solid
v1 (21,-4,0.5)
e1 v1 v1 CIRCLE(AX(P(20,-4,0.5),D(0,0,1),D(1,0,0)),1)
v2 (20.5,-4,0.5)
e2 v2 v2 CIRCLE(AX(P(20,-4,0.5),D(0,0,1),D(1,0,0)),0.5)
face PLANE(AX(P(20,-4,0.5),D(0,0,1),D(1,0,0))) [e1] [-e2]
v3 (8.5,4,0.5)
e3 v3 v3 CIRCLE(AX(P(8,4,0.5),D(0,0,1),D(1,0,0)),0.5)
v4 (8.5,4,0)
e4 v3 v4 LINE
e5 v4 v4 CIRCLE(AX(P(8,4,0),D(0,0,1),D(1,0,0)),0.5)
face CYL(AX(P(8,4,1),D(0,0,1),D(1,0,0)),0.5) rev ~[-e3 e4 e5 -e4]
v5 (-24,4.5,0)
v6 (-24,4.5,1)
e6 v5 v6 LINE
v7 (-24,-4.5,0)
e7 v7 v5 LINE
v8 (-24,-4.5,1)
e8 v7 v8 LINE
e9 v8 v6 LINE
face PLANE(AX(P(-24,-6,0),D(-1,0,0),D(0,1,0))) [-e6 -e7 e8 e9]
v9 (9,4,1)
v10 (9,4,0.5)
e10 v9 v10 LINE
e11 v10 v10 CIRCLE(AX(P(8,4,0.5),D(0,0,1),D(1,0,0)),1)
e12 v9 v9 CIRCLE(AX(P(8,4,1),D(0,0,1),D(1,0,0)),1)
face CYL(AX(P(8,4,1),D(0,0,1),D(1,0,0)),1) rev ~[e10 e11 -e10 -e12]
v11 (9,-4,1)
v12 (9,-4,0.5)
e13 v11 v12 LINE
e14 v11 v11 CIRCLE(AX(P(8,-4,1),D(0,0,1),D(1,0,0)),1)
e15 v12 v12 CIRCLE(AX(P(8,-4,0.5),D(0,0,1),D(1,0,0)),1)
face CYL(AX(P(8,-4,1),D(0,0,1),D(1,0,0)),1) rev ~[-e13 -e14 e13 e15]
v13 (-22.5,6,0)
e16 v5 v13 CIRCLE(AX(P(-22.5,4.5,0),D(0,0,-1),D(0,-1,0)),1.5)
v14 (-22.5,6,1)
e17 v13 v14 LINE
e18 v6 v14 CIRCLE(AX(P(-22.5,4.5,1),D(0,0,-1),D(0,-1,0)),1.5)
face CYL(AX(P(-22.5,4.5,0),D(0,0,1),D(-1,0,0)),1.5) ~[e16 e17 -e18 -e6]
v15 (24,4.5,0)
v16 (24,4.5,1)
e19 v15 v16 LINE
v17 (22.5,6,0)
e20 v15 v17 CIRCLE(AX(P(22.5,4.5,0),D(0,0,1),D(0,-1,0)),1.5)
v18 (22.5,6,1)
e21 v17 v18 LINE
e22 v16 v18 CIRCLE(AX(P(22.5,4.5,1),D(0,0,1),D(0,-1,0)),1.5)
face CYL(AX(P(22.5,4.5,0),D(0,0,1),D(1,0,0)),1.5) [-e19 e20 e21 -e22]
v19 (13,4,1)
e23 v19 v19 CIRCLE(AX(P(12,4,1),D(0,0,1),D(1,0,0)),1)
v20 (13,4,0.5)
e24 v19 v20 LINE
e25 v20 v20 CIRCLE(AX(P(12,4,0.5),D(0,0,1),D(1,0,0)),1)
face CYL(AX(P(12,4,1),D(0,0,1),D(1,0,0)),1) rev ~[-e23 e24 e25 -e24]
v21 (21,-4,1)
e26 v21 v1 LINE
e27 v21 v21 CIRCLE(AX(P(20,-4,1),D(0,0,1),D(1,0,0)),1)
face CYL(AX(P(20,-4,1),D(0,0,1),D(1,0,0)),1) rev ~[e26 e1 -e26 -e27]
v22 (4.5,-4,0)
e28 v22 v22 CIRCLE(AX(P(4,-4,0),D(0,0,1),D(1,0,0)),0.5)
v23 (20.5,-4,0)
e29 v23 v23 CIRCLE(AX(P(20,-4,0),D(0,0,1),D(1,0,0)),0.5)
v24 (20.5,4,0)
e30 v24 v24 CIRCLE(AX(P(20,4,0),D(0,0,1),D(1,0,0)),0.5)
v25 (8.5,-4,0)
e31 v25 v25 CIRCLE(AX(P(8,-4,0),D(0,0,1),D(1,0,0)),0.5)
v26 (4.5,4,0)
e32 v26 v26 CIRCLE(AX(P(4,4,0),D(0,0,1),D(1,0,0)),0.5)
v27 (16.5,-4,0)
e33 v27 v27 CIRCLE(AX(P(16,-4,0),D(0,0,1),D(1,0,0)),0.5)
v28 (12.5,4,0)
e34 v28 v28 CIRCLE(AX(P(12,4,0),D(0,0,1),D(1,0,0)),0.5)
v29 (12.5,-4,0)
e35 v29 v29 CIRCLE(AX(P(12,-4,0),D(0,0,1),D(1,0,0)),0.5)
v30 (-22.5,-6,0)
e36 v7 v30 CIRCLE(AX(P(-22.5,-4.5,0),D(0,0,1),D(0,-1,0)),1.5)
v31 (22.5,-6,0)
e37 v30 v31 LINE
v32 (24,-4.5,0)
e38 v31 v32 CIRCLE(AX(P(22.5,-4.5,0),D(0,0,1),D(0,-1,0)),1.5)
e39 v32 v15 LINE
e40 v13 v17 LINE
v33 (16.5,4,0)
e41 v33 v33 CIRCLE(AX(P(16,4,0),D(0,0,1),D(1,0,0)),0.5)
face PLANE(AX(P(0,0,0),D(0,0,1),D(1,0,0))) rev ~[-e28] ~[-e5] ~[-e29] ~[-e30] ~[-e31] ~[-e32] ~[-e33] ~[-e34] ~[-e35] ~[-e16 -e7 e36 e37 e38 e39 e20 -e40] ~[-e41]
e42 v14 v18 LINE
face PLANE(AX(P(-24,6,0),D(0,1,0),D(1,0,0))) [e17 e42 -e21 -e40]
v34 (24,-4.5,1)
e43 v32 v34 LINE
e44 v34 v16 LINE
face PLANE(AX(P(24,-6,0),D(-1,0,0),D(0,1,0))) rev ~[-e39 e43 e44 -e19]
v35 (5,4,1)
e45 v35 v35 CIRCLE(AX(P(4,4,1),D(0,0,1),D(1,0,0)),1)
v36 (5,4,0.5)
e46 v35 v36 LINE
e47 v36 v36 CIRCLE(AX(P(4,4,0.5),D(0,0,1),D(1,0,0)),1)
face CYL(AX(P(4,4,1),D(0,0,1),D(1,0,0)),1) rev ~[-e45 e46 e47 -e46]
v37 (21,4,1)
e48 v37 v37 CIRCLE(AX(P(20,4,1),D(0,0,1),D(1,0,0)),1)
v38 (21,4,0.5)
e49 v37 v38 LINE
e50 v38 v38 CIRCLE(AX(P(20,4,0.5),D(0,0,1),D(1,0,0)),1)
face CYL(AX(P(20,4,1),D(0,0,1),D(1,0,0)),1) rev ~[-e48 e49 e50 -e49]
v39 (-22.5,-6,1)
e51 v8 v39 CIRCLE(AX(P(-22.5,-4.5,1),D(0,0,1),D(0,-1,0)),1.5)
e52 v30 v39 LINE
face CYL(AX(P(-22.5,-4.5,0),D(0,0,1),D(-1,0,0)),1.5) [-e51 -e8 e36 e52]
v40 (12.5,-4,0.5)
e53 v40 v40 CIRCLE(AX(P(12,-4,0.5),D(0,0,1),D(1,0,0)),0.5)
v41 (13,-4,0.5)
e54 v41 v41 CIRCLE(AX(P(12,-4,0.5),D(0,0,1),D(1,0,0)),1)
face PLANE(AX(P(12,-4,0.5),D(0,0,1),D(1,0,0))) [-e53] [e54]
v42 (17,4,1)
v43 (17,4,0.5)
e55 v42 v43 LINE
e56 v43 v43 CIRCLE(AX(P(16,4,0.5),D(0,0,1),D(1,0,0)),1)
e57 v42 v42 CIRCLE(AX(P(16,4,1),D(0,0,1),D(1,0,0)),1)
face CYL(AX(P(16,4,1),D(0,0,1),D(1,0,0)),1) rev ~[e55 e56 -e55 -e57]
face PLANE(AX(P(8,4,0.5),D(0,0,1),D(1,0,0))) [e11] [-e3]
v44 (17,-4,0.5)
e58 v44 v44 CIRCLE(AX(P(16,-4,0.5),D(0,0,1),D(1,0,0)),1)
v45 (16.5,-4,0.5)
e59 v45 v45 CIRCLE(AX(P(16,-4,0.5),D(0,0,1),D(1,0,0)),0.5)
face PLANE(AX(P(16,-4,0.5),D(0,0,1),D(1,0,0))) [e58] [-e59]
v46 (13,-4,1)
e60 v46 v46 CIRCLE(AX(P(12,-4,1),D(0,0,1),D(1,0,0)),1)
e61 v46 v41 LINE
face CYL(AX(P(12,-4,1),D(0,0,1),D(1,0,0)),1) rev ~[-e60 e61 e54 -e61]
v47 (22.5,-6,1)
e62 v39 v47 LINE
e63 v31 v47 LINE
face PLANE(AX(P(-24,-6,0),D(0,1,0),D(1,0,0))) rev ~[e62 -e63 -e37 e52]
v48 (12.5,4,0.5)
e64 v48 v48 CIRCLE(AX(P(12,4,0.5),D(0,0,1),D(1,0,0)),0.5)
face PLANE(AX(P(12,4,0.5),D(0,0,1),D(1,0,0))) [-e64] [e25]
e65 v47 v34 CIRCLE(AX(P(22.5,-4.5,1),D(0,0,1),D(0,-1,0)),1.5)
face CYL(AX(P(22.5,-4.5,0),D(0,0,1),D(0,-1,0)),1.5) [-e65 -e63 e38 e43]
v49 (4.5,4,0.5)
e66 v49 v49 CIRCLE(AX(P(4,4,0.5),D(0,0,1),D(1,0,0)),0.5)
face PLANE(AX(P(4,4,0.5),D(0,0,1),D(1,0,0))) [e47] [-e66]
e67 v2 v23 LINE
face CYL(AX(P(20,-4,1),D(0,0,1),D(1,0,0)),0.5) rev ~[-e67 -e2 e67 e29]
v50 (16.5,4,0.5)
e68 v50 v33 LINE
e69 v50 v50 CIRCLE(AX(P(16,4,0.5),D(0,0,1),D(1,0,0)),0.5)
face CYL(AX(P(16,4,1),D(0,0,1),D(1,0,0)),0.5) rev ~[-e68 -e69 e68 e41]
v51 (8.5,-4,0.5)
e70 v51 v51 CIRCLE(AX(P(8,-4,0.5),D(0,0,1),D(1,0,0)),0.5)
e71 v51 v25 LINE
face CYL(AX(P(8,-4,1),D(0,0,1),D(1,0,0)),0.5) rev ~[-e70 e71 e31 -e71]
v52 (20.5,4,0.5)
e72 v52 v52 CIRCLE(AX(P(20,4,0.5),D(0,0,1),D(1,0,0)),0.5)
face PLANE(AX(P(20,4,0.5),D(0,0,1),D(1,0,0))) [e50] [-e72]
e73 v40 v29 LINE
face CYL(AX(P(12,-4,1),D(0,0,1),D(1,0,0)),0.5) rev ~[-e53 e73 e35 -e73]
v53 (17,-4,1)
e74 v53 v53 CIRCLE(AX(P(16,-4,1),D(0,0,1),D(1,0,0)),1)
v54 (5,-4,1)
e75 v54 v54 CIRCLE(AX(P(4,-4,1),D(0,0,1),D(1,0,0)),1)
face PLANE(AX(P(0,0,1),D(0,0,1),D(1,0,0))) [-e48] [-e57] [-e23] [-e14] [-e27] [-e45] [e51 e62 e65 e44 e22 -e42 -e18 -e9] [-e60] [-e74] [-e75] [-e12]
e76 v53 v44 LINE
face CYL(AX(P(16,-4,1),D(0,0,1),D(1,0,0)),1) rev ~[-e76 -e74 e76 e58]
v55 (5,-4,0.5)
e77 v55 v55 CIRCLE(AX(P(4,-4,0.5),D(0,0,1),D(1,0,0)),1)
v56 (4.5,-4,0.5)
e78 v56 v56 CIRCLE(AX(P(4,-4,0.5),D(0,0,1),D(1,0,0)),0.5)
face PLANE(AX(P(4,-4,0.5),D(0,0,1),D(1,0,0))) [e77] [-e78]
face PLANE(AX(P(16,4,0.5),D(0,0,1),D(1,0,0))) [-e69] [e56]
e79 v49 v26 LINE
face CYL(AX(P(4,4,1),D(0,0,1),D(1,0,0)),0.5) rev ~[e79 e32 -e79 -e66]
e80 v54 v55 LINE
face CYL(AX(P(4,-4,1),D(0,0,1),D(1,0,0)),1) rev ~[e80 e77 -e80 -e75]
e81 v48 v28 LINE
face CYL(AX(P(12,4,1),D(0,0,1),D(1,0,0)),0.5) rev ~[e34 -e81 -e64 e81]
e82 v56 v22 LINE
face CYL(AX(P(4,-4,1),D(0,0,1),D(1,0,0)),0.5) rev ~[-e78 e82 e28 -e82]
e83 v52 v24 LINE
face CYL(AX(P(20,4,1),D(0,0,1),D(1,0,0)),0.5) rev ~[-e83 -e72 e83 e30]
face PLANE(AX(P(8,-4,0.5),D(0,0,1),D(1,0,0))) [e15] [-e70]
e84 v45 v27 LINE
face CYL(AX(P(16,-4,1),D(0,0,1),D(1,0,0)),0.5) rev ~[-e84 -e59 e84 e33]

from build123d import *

# Parameters (mm, degrees)
F0_W     = 48
F0_H     = 12
F1_DEPTH = 1
F3_R     = 1.5
F4_R     = 0.5
F6_DEPTH = 1
F5_R     = 1
F7_DEPTH = 0.5


with BuildPart() as f1:
    # F0 (on Top) → F1 (new body)
    with BuildSketch(Plane.XY):
        Rectangle(F0_W, F0_H)
    extrude(amount=F1_DEPTH)

    # F3
    f3_edges = [f1.edges().sort_by_distance(p)[0] for p in [
        (24, -6, 0.5),
        (24, 6, 0.5),
        (-24, 6, 0.5),
        (-24, -6, 0.5),
    ]]
    fillet(f3_edges, radius=F3_R)

    # F4 (on face) → F6 (cut)
    with BuildSketch(Plane.XY.offset(1)):
        with Locations((4, 4)):
            Circle(F4_R)
        with Locations((8, 4)):
            Circle(F4_R)
        with Locations((12, 4)):
            Circle(F4_R)
        with Locations((16, 4)):
            Circle(F4_R)
        with Locations((20, 4)):
            Circle(F4_R)
        with Locations((20, -4)):
            Circle(F4_R)
        with Locations((16, -4)):
            Circle(F4_R)
        with Locations((12, -4)):
            Circle(F4_R)
        with Locations((8, -4)):
            Circle(F4_R)
        with Locations((4, -4)):
            Circle(F4_R)
    extrude(amount=-F6_DEPTH, mode=Mode.SUBTRACT)

    # F5 (on face) → F7 (cut)
    with BuildSketch(Plane.XY.offset(1)):
        with Locations((4, 4)):
            Circle(F5_R)
        with Locations((8, 4)):
            Circle(F5_R)
        with Locations((12, 4)):
            Circle(F5_R)
        with Locations((16, 4)):
            Circle(F5_R)
        with Locations((20, 4)):
            Circle(F5_R)
        with Locations((20, -4)):
            Circle(F5_R)
        with Locations((16, -4)):
            Circle(F5_R)
        with Locations((12, -4)):
            Circle(F5_R)
        with Locations((8, -4)):
            Circle(F5_R)
        with Locations((4, -4)):
            Circle(F5_R)
    extrude(amount=-F7_DEPTH, mode=Mode.SUBTRACT)


solid = f1.part
